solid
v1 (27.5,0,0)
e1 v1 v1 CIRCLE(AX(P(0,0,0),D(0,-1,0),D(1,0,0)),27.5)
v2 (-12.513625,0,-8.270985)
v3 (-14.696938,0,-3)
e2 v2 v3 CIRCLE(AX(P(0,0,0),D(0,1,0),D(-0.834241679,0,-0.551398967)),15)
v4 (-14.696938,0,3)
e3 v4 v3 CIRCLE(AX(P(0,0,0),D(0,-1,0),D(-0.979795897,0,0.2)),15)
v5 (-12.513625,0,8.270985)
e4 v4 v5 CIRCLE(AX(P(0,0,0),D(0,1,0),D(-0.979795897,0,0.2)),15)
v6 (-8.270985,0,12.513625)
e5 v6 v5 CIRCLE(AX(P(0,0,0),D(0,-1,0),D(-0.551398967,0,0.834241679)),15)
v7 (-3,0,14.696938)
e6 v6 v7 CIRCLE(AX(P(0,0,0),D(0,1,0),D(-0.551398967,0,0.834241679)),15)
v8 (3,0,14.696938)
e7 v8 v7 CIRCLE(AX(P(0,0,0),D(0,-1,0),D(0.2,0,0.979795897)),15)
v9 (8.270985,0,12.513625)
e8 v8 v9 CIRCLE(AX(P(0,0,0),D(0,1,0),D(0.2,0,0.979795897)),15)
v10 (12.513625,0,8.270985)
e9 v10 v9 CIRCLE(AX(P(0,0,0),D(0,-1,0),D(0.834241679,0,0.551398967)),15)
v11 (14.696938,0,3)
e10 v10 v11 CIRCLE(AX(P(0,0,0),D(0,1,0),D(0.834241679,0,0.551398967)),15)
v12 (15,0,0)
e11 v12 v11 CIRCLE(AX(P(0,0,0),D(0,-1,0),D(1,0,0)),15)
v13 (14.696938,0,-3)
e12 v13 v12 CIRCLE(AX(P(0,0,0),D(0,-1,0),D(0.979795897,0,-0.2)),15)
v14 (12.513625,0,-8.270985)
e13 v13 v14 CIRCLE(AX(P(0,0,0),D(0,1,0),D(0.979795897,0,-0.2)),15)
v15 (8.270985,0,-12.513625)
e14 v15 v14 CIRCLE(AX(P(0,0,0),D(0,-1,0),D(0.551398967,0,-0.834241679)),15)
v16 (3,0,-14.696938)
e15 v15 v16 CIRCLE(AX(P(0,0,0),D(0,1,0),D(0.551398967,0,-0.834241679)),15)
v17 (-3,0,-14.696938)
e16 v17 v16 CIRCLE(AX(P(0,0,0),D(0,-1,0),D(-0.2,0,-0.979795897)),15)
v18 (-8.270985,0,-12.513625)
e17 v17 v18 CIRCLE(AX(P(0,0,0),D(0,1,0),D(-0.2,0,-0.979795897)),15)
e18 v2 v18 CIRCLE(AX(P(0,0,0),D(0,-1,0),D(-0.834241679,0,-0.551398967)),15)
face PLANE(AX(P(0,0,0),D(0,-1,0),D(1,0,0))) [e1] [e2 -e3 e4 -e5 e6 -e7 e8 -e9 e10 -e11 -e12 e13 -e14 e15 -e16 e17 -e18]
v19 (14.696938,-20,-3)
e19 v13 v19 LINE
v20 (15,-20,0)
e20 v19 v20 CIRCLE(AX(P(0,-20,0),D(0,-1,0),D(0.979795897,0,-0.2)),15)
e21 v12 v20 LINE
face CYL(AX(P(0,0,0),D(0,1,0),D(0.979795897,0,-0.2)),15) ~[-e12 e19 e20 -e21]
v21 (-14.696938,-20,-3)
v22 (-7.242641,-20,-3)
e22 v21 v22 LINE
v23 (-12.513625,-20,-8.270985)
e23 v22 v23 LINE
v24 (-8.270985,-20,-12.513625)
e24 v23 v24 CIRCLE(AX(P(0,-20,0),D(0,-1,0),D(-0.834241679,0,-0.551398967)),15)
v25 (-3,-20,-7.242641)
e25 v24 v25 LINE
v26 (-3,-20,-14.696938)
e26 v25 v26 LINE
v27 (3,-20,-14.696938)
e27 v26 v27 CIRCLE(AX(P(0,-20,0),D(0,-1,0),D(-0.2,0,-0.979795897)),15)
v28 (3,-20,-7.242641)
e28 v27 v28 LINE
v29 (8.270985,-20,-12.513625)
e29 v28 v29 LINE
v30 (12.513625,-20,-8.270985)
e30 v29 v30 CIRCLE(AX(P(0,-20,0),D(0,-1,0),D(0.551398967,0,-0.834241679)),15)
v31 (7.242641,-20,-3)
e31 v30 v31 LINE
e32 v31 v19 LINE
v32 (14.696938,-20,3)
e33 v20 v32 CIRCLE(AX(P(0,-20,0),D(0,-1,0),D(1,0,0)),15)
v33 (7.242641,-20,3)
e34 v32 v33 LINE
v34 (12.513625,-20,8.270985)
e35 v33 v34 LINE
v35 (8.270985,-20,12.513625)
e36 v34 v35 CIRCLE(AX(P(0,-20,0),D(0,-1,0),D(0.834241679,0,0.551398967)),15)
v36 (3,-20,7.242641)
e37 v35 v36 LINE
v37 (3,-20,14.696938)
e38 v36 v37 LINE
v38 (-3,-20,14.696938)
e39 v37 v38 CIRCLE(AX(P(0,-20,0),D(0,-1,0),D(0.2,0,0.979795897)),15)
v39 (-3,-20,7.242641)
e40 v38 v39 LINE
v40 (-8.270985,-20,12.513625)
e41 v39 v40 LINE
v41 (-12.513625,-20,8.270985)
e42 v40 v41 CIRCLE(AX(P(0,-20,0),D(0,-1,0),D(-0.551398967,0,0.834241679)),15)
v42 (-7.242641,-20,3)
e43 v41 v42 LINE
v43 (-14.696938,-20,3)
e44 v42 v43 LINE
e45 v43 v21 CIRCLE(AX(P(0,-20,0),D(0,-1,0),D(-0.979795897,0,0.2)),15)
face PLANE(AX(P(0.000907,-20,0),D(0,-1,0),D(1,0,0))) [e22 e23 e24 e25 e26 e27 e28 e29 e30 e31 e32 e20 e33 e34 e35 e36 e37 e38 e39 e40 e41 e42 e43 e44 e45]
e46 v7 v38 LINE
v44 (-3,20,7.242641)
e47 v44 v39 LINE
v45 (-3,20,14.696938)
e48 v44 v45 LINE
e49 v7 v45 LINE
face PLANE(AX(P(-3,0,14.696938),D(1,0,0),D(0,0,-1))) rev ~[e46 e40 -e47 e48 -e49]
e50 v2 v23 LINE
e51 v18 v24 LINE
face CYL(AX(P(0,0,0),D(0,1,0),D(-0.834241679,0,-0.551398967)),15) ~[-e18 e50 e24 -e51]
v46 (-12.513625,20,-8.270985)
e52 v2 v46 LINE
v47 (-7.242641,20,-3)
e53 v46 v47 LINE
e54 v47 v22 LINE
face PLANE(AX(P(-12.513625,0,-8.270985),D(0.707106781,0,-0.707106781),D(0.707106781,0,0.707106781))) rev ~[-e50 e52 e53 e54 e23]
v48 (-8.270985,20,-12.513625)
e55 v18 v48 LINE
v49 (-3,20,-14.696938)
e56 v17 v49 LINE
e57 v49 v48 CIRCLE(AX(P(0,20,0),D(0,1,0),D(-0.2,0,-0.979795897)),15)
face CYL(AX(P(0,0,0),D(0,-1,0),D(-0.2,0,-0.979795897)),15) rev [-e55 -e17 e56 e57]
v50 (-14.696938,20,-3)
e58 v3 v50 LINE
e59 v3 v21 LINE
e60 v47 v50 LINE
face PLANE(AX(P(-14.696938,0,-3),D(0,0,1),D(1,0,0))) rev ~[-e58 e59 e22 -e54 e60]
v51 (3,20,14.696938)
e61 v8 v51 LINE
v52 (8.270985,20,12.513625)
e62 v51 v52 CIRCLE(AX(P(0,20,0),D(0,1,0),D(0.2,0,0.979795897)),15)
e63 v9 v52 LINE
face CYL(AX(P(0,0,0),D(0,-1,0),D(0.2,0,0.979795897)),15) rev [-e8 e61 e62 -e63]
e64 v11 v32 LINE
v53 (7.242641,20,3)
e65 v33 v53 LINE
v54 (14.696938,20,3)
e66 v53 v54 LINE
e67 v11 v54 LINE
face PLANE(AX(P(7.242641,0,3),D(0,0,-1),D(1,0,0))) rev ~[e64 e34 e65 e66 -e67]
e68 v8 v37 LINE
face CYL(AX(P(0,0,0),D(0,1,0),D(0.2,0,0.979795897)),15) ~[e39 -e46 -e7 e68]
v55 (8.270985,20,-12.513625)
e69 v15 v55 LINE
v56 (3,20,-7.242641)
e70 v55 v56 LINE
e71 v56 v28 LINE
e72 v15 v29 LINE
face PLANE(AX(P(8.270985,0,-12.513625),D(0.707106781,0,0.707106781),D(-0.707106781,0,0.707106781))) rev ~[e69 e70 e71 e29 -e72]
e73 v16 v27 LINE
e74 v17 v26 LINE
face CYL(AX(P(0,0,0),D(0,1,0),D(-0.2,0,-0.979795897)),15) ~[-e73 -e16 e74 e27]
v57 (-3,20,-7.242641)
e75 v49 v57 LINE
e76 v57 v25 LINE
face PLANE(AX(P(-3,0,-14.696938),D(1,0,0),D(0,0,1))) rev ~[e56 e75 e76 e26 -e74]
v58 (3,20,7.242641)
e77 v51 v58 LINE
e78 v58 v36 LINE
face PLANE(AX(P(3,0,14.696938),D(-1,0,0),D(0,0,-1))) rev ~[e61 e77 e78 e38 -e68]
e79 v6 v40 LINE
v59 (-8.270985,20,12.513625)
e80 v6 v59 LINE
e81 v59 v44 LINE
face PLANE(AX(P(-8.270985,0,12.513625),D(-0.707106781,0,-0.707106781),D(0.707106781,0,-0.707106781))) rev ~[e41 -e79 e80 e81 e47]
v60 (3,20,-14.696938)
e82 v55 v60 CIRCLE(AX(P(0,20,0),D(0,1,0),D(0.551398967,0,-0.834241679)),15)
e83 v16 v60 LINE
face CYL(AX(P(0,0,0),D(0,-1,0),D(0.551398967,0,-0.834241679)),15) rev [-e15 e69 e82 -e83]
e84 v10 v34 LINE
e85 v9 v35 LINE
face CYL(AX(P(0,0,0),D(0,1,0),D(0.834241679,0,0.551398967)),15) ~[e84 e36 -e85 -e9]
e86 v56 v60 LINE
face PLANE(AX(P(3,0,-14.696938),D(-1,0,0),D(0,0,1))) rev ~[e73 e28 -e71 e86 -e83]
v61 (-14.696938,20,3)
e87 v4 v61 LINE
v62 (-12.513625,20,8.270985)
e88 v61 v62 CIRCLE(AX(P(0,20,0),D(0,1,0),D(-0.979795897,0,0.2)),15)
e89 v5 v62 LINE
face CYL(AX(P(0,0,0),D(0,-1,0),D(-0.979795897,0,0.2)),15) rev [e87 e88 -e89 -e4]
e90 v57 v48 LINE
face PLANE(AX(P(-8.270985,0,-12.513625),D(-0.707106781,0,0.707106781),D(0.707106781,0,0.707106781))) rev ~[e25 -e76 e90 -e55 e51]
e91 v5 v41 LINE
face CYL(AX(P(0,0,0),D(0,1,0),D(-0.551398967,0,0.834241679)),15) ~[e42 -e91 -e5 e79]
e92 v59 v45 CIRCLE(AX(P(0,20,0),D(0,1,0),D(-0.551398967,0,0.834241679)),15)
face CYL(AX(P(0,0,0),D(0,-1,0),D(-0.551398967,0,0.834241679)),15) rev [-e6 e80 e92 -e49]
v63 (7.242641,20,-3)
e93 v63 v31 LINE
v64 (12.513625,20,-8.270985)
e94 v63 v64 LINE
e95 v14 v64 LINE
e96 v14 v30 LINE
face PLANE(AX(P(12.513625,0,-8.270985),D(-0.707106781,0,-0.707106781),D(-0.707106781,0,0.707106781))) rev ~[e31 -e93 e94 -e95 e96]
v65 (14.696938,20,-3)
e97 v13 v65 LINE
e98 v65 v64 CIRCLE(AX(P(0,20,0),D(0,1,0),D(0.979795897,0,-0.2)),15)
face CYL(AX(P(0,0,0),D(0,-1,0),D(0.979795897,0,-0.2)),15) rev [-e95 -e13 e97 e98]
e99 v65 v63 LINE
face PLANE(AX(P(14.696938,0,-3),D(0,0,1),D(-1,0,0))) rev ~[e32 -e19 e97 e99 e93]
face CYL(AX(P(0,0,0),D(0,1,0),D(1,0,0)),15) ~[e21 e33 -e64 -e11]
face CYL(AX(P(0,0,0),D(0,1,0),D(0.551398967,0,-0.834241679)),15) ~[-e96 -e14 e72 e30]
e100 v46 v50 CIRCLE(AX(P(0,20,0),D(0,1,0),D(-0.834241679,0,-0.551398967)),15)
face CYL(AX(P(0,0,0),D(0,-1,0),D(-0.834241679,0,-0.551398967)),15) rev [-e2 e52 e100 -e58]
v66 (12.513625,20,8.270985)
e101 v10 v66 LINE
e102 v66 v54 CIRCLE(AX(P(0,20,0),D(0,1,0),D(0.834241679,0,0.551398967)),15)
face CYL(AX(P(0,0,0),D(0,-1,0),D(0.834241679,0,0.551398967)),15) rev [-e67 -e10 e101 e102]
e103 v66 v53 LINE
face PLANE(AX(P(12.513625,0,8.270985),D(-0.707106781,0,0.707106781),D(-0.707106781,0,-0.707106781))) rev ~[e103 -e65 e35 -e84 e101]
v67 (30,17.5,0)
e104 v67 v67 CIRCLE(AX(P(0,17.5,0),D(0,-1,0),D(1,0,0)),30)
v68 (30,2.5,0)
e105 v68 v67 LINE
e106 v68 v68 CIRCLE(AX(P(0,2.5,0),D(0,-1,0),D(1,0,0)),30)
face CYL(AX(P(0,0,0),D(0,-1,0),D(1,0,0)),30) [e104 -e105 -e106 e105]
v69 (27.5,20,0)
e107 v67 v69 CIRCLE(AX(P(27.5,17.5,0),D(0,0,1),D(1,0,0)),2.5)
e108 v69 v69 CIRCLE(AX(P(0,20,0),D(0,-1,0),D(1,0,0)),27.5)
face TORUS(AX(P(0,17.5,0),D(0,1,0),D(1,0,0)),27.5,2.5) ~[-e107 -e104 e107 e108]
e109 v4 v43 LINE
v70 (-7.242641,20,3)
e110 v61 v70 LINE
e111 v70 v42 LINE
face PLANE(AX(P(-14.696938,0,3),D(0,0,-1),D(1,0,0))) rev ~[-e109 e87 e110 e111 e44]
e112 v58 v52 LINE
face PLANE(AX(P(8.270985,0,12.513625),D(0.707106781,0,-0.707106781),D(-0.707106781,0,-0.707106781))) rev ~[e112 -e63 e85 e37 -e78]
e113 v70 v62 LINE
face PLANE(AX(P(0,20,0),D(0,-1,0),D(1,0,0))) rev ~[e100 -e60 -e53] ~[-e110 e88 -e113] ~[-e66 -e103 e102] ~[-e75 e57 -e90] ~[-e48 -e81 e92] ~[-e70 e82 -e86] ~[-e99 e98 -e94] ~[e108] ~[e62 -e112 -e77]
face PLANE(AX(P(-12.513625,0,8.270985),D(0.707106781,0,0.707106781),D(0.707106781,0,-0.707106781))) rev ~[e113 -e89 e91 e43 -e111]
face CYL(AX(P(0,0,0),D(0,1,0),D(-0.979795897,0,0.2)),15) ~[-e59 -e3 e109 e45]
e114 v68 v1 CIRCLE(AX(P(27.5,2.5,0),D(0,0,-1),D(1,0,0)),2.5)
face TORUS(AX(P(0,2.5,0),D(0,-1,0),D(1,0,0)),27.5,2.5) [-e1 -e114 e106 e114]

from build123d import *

# Parameters (mm, degrees)
F1_DEPTH = 20
F0_R     = 30
F2_DEPTH = 20
F3_R     = 2.5


with BuildPart() as f1:
    # F0 (on Front) → F1 (new body)
    with BuildSketch(Plane.XZ):
        with BuildLine():
            ThreePointArc((14.6969384567, -3), (14.9240422951, -1.5076344301), (15, 0))
            ThreePointArc((15, 0), (14.9240422951, 1.5076344301), (14.6969384567, 3))
            Line((14.6969384567, 3), (7.2426406871, 3))
            Line((7.2426406871, 3), (12.513625189, 8.2709845019))
            ThreePointArc((12.513625189, 8.2709845019), (10.6066017178, 10.6066017178), (8.2709845019, 12.513625189))
            Line((8.2709845019, 12.513625189), (3, 7.2426406871))
            Line((3, 7.2426406871), (3, 14.6969384567))
            ThreePointArc((3, 14.6969384567), (0, 15), (-3, 14.6969384567))
            Line((-3, 14.6969384567), (-3, 7.2426406871))
            Line((-3, 7.2426406871), (-8.2709845019, 12.513625189))
            ThreePointArc((-8.2709845019, 12.513625189), (-10.6066017178, 10.6066017178), (-12.513625189, 8.2709845019))
            Line((-12.513625189, 8.2709845019), (-7.2426406871, 3))
            Line((-7.2426406871, 3), (-14.6969384567, 3))
            ThreePointArc((-14.6969384567, 3), (-15, 0), (-14.6969384567, -3))
            Line((-14.6969384567, -3), (-7.2426406871, -3))
            Line((-7.2426406871, -3), (-12.513625189, -8.2709845019))
            ThreePointArc((-12.513625189, -8.2709845019), (-10.6066017178, -10.6066017178), (-8.2709845019, -12.513625189))
            Line((-8.2709845019, -12.513625189), (-3, -7.2426406871))
            Line((-3, -7.2426406871), (-3, -14.6969384567))
            ThreePointArc((-3, -14.6969384567), (0, -15), (3, -14.6969384567))
            Line((3, -14.6969384567), (3, -7.2426406871))
            Line((3, -7.2426406871), (8.2709845019, -12.513625189))
            ThreePointArc((8.2709845019, -12.513625189), (10.6066017178, -10.6066017178), (12.513625189, -8.2709845019))
            Line((12.513625189, -8.2709845019), (7.2426406871, -3))
            Line((7.2426406871, -3), (14.6969384567, -3))
        make_face()
    extrude(amount=F1_DEPTH)

    # F0 (on Front) + F1_face (on face) → F2 (join)
    with BuildSketch(Plane.XZ):
        Circle(F0_R)
        with BuildLine():
            ThreePointArc((14.6969384567, 3), (14.9240422951, 1.5076344301), (15, 0))
            ThreePointArc((15, 0), (14.9240422951, -1.5076344301), (14.6969384567, -3))
            ThreePointArc((14.6969384567, -3), (13.8581929877, -5.7402514855), (12.513625189, -8.2709845019))
            ThreePointArc((12.513625189, -8.2709845019), (10.6066017178, -10.6066017178), (8.2709845019, -12.513625189))
            ThreePointArc((8.2709845019, -12.513625189), (5.7402514855, -13.8581929877), (3, -14.6969384567))
            ThreePointArc((3, -14.6969384567), (0, -15), (-3, -14.6969384567))
            ThreePointArc((-3, -14.6969384567), (-5.7402514855, -13.8581929877), (-8.2709845019, -12.513625189))
            ThreePointArc((-8.2709845019, -12.513625189), (-10.6066017178, -10.6066017178), (-12.513625189, -8.2709845019))
            ThreePointArc((-12.513625189, -8.2709845019), (-13.8581929877, -5.7402514855), (-14.6969384567, -3))
            ThreePointArc((-14.6969384567, -3), (-15, 0), (-14.6969384567, 3))
            ThreePointArc((-14.6969384567, 3), (-13.8581929877, 5.7402514855), (-12.513625189, 8.2709845019))
            ThreePointArc((-12.513625189, 8.2709845019), (-10.6066017178, 10.6066017178), (-8.2709845019, 12.513625189))
            ThreePointArc((-8.2709845019, 12.513625189), (-5.7402514855, 13.8581929877), (-3, 14.6969384567))
            ThreePointArc((-3, 14.6969384567), (0, 15), (3, 14.6969384567))
            ThreePointArc((3, 14.6969384567), (5.7402514855, 13.8581929877), (8.2709845019, 12.513625189))
            ThreePointArc((8.2709845019, 12.513625189), (10.6066017178, 10.6066017178), (12.513625189, 8.2709845019))
            ThreePointArc((12.513625189, 8.2709845019), (13.8581929877, 5.7402514855), (14.6969384567, 3))
        make_face(mode=Mode.SUBTRACT)
    with BuildSketch(Plane(origin=(0, 0, 0), x_dir=(1, 0, 0), z_dir=(0, 1, 0))):
        with BuildLine():
            Line((7.2426406871, 3), (12.513625189, 8.2709845019))
            ThreePointArc((12.513625189, 8.2709845019), (10.6066017178, 10.6066017178), (8.2709845019, 12.513625189))
            Line((8.2709845019, 12.513625189), (3, 7.2426406871))
            Line((3, 7.2426406871), (3, 14.6969384567))
            ThreePointArc((3, 14.6969384567), (0, 15), (-3, 14.6969384567))
            Line((-3, 14.6969384567), (-3, 7.2426406871))
            Line((-3, 7.2426406871), (-8.2709845019, 12.513625189))
            ThreePointArc((-8.2709845019, 12.513625189), (-10.6066017178, 10.6066017178), (-12.513625189, 8.2709845019))
            Line((-12.513625189, 8.2709845019), (-7.2426406871, 3))
            Line((-7.2426406871, 3), (-14.6969384567, 3))
            ThreePointArc((-14.6969384567, 3), (-15, 0), (-14.6969384567, -3))
            Line((-14.6969384567, -3), (-7.2426406871, -3))
            Line((-7.2426406871, -3), (-12.513625189, -8.2709845019))
            ThreePointArc((-12.513625189, -8.2709845019), (-10.6066017178, -10.6066017178), (-8.2709845019, -12.513625189))
            Line((-8.2709845019, -12.513625189), (-3, -7.2426406871))
            Line((-3, -7.2426406871), (-3, -14.6969384567))
            ThreePointArc((-3, -14.6969384567), (0, -15), (3, -14.6969384567))
            Line((3, -14.6969384567), (3, -7.2426406871))
            Line((3, -7.2426406871), (8.2709845019, -12.513625189))
            ThreePointArc((8.2709845019, -12.513625189), (10.6066017178, -10.6066017178), (12.513625189, -8.2709845019))
            Line((12.513625189, -8.2709845019), (7.2426406871, -3))
            Line((7.2426406871, -3), (14.6969384567, -3))
            ThreePointArc((14.6969384567, -3), (15, 0), (14.6969384567, 3))
            Line((14.6969384567, 3), (7.2426406871, 3))
        make_face()
    extrude(amount=-F2_DEPTH, dir=(0, -1, 0))

    # F3
    f3_edges = [f1.edges().sort_by_distance(p)[0] for p in [
        (-30, 0, 0),
        (-30, 20, 0),
    ]]
    fillet(f3_edges, radius=F3_R)


solid = f1.part
